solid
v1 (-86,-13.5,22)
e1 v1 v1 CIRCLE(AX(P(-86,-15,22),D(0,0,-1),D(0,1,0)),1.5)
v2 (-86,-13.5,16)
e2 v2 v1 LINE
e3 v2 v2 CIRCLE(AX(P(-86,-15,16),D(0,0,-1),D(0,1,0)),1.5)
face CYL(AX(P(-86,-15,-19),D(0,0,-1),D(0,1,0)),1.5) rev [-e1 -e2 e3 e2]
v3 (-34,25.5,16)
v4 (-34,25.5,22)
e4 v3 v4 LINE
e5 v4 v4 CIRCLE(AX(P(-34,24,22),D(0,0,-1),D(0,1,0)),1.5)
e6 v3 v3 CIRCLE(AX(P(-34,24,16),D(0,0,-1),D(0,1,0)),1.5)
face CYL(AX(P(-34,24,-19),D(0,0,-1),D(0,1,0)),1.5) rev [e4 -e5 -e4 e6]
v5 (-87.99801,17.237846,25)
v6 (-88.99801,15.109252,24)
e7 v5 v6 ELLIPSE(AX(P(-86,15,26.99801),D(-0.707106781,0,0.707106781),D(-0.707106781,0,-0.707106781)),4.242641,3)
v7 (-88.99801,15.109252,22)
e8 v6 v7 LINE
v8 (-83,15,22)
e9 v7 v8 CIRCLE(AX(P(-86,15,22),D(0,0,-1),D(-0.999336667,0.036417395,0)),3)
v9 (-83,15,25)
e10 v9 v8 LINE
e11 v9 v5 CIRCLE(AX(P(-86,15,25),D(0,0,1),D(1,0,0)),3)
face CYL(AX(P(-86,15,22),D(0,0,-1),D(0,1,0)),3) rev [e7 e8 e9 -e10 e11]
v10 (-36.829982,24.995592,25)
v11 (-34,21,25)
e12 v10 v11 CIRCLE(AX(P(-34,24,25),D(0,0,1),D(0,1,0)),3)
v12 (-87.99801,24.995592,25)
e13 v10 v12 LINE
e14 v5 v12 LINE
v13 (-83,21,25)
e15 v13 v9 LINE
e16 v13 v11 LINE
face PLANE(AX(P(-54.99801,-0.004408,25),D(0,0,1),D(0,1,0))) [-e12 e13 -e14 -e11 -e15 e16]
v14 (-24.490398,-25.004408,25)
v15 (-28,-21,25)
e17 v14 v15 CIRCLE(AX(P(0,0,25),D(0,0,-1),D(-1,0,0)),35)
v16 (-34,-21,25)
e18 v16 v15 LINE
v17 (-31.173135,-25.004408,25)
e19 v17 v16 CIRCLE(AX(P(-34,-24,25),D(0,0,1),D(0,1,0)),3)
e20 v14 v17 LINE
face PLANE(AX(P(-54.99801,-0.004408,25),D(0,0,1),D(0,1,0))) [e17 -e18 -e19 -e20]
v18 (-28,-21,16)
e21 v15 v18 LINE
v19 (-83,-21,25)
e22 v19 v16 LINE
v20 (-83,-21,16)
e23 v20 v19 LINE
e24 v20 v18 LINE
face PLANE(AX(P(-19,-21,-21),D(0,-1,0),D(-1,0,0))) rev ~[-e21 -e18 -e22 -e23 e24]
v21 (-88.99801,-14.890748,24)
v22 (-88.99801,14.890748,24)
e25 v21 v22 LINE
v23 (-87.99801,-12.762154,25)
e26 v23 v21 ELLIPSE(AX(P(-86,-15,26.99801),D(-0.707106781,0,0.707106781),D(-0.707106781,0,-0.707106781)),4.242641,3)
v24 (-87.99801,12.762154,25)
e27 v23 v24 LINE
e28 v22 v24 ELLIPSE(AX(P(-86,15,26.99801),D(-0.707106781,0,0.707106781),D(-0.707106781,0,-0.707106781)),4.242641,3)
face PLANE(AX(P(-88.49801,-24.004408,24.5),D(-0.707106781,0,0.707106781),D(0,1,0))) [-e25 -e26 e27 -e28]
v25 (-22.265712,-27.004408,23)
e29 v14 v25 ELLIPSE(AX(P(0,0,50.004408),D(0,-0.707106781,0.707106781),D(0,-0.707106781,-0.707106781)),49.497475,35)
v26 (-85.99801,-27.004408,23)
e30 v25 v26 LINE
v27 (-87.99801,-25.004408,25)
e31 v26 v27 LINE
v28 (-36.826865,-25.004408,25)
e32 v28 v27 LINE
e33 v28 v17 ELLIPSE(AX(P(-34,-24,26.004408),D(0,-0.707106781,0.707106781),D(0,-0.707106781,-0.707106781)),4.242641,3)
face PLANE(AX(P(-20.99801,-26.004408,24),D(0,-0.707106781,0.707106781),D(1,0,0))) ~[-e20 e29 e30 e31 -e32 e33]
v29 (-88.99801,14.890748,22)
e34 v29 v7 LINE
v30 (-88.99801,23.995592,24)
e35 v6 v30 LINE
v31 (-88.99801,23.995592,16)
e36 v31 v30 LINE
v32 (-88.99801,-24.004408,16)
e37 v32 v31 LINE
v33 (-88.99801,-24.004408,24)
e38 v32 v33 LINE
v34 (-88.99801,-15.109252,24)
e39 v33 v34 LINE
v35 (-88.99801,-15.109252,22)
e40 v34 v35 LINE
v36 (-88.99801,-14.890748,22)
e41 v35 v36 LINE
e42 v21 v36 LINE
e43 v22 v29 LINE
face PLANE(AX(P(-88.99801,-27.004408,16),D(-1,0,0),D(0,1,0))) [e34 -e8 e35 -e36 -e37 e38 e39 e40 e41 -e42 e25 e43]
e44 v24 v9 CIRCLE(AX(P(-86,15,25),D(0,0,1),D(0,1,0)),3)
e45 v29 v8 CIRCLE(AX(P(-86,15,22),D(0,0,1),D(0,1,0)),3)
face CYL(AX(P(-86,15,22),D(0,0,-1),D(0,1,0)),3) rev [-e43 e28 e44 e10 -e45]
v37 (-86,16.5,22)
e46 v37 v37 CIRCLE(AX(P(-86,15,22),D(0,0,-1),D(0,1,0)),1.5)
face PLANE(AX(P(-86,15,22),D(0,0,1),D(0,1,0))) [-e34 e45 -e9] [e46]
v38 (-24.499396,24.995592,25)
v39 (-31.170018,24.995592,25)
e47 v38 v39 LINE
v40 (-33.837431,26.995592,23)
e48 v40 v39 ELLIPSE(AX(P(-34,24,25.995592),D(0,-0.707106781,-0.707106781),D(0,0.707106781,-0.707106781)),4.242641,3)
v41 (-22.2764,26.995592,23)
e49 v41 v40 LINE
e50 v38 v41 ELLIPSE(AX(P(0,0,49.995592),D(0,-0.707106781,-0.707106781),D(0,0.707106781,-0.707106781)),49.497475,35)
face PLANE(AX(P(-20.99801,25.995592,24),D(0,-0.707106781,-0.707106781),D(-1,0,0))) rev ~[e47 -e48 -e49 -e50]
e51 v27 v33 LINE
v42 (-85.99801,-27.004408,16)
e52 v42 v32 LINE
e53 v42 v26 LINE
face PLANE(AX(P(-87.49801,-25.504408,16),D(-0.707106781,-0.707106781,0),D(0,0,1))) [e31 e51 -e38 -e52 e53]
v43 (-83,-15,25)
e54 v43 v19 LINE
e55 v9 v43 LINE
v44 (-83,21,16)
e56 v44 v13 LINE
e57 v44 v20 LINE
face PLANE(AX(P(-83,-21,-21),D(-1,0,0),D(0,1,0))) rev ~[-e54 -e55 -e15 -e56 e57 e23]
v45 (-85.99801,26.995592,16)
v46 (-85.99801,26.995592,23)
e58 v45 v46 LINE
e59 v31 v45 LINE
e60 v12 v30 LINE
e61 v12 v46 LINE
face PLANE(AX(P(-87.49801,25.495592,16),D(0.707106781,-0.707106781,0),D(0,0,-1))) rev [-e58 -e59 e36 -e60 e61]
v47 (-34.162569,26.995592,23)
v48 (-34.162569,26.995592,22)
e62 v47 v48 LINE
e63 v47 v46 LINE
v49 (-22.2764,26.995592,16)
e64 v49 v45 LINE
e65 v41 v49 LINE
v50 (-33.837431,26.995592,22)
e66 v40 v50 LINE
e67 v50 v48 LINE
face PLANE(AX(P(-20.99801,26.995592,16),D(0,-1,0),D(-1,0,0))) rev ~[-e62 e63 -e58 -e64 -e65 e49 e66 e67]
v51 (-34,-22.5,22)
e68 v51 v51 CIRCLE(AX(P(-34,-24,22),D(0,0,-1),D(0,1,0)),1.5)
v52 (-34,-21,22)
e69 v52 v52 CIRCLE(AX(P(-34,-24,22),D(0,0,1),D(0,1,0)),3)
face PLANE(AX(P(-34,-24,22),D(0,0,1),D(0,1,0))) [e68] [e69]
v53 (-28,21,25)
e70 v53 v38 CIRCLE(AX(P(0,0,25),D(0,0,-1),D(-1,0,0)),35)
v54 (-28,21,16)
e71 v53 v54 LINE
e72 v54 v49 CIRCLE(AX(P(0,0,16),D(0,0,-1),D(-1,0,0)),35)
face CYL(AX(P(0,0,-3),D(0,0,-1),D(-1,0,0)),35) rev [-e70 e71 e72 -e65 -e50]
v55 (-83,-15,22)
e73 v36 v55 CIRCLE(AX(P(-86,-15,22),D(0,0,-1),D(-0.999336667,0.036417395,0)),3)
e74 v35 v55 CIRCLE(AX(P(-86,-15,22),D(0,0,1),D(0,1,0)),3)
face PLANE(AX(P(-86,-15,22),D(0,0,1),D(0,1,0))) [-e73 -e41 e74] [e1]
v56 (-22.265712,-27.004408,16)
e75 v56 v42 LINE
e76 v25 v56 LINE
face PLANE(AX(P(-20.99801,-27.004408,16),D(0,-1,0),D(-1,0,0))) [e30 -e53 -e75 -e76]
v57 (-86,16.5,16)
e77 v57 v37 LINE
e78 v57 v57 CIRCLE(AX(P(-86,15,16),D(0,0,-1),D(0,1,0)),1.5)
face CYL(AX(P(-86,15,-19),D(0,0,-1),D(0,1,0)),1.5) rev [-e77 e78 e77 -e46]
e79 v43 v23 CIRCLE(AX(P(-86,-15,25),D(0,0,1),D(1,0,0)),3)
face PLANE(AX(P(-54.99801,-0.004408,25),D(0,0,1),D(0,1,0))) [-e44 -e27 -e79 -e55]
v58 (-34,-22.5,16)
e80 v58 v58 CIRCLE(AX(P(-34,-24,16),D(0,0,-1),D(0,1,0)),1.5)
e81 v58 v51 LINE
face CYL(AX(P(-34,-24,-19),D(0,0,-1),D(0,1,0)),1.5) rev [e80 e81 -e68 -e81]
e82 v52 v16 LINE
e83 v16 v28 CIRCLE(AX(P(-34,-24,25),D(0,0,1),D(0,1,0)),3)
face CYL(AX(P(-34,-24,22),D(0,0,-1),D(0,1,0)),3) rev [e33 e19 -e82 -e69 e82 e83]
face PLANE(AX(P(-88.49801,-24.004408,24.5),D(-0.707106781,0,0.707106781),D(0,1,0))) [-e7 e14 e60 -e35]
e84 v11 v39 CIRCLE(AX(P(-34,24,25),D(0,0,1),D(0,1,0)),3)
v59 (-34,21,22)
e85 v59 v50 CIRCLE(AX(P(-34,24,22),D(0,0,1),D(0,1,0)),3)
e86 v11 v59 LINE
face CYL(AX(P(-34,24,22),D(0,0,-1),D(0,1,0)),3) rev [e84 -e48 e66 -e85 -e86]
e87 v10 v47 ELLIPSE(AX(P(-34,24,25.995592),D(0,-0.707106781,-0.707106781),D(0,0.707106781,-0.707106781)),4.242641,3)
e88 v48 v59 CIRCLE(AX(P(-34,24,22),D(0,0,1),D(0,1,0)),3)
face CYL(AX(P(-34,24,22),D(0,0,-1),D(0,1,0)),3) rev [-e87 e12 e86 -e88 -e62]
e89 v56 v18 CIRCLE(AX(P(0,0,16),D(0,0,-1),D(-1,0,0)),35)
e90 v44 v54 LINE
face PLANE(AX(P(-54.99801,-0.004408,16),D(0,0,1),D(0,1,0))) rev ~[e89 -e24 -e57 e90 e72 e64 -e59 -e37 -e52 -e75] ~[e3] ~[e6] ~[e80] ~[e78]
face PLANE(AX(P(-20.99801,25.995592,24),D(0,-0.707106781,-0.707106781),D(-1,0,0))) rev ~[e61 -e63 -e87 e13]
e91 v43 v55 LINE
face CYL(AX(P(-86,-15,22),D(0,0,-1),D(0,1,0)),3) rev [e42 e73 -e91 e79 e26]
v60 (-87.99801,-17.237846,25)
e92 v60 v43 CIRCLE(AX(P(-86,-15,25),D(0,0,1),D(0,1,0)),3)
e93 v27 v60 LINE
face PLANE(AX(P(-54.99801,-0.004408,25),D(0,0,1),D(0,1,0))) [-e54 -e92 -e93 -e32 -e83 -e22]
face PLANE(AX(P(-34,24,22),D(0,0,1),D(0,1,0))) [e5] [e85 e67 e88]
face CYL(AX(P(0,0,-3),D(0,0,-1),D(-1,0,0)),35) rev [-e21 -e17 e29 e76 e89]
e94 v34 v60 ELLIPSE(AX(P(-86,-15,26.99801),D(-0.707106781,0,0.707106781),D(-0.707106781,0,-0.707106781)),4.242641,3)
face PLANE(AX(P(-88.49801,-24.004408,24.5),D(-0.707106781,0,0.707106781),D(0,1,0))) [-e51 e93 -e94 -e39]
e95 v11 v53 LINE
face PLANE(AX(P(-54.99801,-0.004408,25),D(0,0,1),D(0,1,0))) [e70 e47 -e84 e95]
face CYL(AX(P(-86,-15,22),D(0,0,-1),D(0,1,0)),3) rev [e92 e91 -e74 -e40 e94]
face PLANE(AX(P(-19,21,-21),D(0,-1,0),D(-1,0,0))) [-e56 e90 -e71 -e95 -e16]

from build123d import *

# Parameters (mm, degrees)
CYLINDER1792_R         = 35
CYLINDER1792_DEPTH     = 32
CYLINDER1789_R         = 3
CYLINDER1789_DEPTH     = 3
CYLINDER1790_R         = 3
CYLINDER1790_DEPTH     = 3
CYLINDER1791_R         = 3
CYLINDER1791_DEPTH     = 3
CYLINDER1788_R         = 3
CYLINDER1788_DEPTH     = 3
CYLINDER1785_R         = 1.5
CYLINDER1785_DEPTH     = 60
CYLINDER1786_R         = 1.5
CYLINDER1786_DEPTH     = 60
CYLINDER1787_R         = 1.5
CYLINDER1787_DEPTH     = 60
CYLINDER1784_R         = 1.5
CYLINDER1784_DEPTH     = 60
BOX710_W               = 42
BOX710_H               = 64
BOX710_DEPTH           = 50
BOX709_W               = 54
BOX709_H               = 68
BOX709_DEPTH           = 9
CHAMFER059_SIZE        = 3
CHAMFER060_SIZE        = 2
CHAMFER061_SIZE        = 1
CUT521_PLACEMENT_ANGLE = 90
CUT525_PLACEMENT_ANGLE = 180


with BuildPart() as v_lec1792:
    # Cylinder1792 → Cylinder1792 (new body)
    with BuildSketch(Plane.XY.offset(-3)):
        Circle(CYLINDER1792_R)
    extrude(amount=CYLINDER1792_DEPTH)


with BuildPart() as v_lec1789:
    # Cylinder1789 → Cylinder1789 (new body)
    with BuildSketch(Plane(origin=(-24, 73, -80), x_dir=(1, 0, 0), z_dir=(0, 0, 1))):
        Circle(CYLINDER1789_R)
    extrude(amount=CYLINDER1789_DEPTH)


with BuildPart() as v_lec1790:
    # Cylinder1790 → Cylinder1790 (new body)
    with BuildSketch(Plane(origin=(-15, 125, -80), x_dir=(1, 0, 0), z_dir=(0, 0, 1))):
        Circle(CYLINDER1790_R)
    extrude(amount=CYLINDER1790_DEPTH)


with BuildPart() as v_lec1791:
    # Cylinder1791 → Cylinder1791 (new body)
    with BuildSketch(Plane(origin=(15, 125, -80), x_dir=(1, 0, 0), z_dir=(0, 0, 1))):
        Circle(CYLINDER1791_R)
    extrude(amount=CYLINDER1791_DEPTH)


with BuildPart() as compound888:
    # Cylinder1788 → Cylinder1788 (new body)
    with BuildSketch(Plane(origin=(24, 73, -80), x_dir=(1, 0, 0), z_dir=(0, 0, 1))):
        Circle(CYLINDER1788_R)
    extrude(amount=CYLINDER1788_DEPTH)

    # Compound888: union Válec1789, Válec1790, Válec1791
    add(v_lec1789.part)
    add(v_lec1790.part)
    add(v_lec1791.part)


with BuildPart() as compound888_1:
    # Compound888 placement: moved
    add(compound888.part.moved(Location((0, 0, 161))))


with BuildPart() as v_lec1785:
    # Cylinder1785 → Cylinder1785 (new body)
    with BuildSketch(Plane(origin=(-24, 73, -80), x_dir=(1, 0, 0), z_dir=(0, 0, 1))):
        Circle(CYLINDER1785_R)
    extrude(amount=CYLINDER1785_DEPTH)


with BuildPart() as v_lec1786:
    # Cylinder1786 → Cylinder1786 (new body)
    with BuildSketch(Plane(origin=(-15, 125, -80), x_dir=(1, 0, 0), z_dir=(0, 0, 1))):
        Circle(CYLINDER1786_R)
    extrude(amount=CYLINDER1786_DEPTH)


with BuildPart() as v_lec1787:
    # Cylinder1787 → Cylinder1787 (new body)
    with BuildSketch(Plane(origin=(15, 125, -80), x_dir=(1, 0, 0), z_dir=(0, 0, 1))):
        Circle(CYLINDER1787_R)
    extrude(amount=CYLINDER1787_DEPTH)


with BuildPart() as compound887:
    # Cylinder1784 → Cylinder1784 (new body)
    with BuildSketch(Plane(origin=(24, 73, -80), x_dir=(1, 0, 0), z_dir=(0, 0, 1))):
        Circle(CYLINDER1784_R)
    extrude(amount=CYLINDER1784_DEPTH)

    # Compound887: union Válec1785, Válec1786, Válec1787
    add(v_lec1785.part)
    add(v_lec1786.part)
    add(v_lec1787.part)


with BuildPart() as compound887_1:
    # Compound887 placement: moved
    add(compound887.part.moved(Location((0, 0, 120))))


with BuildPart() as krychle710:
    # Box710 → Box710 (new body)
    with BuildSketch(Plane(origin=(-21, 58, 38), x_dir=(1, 0, 0), z_dir=(0, 0, 1))):
        with Locations((21, 32)):
            Rectangle(BOX710_W, BOX710_H)
    extrude(amount=BOX710_DEPTH)


with BuildPart() as cut525:
    # Box709 → Box709 (new body)
    with BuildSketch(Plane(origin=(-27.004408, 59.99801, 75), x_dir=(1, 0, 0), z_dir=(0, 0, 1))):
        with Locations((27, 34)):
            Rectangle(BOX709_W, BOX709_H)
    extrude(amount=BOX709_DEPTH)

    # Cut519: cut Krychle710
    add(krychle710.part, mode=Mode.SUBTRACT)

    # Chamfer059
    chamfer059_edges = [cut525.edges().sort_by_distance(p)[0] for p in [
        (-27.004408, 127.99801, 79.5),
        (26.995592, 127.99801, 79.5),
    ]]
    chamfer(chamfer059_edges, length=CHAMFER059_SIZE)

    # Chamfer060
    chamfer060_edges = [cut525.edges().sort_by_distance(p)[0] for p in [
        (-27.004408, 92.49801, 84),
        (26.995592, 92.49801, 84),
    ]]
    chamfer(chamfer060_edges, length=CHAMFER060_SIZE)

    # Chamfer061
    chamfer061_edges = [cut525.edges().sort_by_distance(p)[0] for p in [
        (-0.004408, 127.99801, 84),
    ]]
    chamfer(chamfer061_edges, length=CHAMFER061_SIZE)

    # Cut520: cut Compound887
    add(compound887_1.part, mode=Mode.SUBTRACT)

    # Cut521: cut Compound888
    add(compound888_1.part, mode=Mode.SUBTRACT)


with BuildPart() as cut525_1:
    # Cut521 placement: moved
    add(cut525.part.moved(Location((-39, 0, -59))).rotate(Axis((-39, 0, -59), (0, 0, -1)), CUT521_PLACEMENT_ANGLE))

    # Cut525: cut Válec1792
    add(v_lec1792.part, mode=Mode.SUBTRACT)


with BuildPart() as cut525_2:
    # Cut525 placement: moved
    add(cut525_1.part.rotate(Axis((0, 0, 0), (0, 0, 1)), CUT525_PLACEMENT_ANGLE))


solid = cut525_2.part
